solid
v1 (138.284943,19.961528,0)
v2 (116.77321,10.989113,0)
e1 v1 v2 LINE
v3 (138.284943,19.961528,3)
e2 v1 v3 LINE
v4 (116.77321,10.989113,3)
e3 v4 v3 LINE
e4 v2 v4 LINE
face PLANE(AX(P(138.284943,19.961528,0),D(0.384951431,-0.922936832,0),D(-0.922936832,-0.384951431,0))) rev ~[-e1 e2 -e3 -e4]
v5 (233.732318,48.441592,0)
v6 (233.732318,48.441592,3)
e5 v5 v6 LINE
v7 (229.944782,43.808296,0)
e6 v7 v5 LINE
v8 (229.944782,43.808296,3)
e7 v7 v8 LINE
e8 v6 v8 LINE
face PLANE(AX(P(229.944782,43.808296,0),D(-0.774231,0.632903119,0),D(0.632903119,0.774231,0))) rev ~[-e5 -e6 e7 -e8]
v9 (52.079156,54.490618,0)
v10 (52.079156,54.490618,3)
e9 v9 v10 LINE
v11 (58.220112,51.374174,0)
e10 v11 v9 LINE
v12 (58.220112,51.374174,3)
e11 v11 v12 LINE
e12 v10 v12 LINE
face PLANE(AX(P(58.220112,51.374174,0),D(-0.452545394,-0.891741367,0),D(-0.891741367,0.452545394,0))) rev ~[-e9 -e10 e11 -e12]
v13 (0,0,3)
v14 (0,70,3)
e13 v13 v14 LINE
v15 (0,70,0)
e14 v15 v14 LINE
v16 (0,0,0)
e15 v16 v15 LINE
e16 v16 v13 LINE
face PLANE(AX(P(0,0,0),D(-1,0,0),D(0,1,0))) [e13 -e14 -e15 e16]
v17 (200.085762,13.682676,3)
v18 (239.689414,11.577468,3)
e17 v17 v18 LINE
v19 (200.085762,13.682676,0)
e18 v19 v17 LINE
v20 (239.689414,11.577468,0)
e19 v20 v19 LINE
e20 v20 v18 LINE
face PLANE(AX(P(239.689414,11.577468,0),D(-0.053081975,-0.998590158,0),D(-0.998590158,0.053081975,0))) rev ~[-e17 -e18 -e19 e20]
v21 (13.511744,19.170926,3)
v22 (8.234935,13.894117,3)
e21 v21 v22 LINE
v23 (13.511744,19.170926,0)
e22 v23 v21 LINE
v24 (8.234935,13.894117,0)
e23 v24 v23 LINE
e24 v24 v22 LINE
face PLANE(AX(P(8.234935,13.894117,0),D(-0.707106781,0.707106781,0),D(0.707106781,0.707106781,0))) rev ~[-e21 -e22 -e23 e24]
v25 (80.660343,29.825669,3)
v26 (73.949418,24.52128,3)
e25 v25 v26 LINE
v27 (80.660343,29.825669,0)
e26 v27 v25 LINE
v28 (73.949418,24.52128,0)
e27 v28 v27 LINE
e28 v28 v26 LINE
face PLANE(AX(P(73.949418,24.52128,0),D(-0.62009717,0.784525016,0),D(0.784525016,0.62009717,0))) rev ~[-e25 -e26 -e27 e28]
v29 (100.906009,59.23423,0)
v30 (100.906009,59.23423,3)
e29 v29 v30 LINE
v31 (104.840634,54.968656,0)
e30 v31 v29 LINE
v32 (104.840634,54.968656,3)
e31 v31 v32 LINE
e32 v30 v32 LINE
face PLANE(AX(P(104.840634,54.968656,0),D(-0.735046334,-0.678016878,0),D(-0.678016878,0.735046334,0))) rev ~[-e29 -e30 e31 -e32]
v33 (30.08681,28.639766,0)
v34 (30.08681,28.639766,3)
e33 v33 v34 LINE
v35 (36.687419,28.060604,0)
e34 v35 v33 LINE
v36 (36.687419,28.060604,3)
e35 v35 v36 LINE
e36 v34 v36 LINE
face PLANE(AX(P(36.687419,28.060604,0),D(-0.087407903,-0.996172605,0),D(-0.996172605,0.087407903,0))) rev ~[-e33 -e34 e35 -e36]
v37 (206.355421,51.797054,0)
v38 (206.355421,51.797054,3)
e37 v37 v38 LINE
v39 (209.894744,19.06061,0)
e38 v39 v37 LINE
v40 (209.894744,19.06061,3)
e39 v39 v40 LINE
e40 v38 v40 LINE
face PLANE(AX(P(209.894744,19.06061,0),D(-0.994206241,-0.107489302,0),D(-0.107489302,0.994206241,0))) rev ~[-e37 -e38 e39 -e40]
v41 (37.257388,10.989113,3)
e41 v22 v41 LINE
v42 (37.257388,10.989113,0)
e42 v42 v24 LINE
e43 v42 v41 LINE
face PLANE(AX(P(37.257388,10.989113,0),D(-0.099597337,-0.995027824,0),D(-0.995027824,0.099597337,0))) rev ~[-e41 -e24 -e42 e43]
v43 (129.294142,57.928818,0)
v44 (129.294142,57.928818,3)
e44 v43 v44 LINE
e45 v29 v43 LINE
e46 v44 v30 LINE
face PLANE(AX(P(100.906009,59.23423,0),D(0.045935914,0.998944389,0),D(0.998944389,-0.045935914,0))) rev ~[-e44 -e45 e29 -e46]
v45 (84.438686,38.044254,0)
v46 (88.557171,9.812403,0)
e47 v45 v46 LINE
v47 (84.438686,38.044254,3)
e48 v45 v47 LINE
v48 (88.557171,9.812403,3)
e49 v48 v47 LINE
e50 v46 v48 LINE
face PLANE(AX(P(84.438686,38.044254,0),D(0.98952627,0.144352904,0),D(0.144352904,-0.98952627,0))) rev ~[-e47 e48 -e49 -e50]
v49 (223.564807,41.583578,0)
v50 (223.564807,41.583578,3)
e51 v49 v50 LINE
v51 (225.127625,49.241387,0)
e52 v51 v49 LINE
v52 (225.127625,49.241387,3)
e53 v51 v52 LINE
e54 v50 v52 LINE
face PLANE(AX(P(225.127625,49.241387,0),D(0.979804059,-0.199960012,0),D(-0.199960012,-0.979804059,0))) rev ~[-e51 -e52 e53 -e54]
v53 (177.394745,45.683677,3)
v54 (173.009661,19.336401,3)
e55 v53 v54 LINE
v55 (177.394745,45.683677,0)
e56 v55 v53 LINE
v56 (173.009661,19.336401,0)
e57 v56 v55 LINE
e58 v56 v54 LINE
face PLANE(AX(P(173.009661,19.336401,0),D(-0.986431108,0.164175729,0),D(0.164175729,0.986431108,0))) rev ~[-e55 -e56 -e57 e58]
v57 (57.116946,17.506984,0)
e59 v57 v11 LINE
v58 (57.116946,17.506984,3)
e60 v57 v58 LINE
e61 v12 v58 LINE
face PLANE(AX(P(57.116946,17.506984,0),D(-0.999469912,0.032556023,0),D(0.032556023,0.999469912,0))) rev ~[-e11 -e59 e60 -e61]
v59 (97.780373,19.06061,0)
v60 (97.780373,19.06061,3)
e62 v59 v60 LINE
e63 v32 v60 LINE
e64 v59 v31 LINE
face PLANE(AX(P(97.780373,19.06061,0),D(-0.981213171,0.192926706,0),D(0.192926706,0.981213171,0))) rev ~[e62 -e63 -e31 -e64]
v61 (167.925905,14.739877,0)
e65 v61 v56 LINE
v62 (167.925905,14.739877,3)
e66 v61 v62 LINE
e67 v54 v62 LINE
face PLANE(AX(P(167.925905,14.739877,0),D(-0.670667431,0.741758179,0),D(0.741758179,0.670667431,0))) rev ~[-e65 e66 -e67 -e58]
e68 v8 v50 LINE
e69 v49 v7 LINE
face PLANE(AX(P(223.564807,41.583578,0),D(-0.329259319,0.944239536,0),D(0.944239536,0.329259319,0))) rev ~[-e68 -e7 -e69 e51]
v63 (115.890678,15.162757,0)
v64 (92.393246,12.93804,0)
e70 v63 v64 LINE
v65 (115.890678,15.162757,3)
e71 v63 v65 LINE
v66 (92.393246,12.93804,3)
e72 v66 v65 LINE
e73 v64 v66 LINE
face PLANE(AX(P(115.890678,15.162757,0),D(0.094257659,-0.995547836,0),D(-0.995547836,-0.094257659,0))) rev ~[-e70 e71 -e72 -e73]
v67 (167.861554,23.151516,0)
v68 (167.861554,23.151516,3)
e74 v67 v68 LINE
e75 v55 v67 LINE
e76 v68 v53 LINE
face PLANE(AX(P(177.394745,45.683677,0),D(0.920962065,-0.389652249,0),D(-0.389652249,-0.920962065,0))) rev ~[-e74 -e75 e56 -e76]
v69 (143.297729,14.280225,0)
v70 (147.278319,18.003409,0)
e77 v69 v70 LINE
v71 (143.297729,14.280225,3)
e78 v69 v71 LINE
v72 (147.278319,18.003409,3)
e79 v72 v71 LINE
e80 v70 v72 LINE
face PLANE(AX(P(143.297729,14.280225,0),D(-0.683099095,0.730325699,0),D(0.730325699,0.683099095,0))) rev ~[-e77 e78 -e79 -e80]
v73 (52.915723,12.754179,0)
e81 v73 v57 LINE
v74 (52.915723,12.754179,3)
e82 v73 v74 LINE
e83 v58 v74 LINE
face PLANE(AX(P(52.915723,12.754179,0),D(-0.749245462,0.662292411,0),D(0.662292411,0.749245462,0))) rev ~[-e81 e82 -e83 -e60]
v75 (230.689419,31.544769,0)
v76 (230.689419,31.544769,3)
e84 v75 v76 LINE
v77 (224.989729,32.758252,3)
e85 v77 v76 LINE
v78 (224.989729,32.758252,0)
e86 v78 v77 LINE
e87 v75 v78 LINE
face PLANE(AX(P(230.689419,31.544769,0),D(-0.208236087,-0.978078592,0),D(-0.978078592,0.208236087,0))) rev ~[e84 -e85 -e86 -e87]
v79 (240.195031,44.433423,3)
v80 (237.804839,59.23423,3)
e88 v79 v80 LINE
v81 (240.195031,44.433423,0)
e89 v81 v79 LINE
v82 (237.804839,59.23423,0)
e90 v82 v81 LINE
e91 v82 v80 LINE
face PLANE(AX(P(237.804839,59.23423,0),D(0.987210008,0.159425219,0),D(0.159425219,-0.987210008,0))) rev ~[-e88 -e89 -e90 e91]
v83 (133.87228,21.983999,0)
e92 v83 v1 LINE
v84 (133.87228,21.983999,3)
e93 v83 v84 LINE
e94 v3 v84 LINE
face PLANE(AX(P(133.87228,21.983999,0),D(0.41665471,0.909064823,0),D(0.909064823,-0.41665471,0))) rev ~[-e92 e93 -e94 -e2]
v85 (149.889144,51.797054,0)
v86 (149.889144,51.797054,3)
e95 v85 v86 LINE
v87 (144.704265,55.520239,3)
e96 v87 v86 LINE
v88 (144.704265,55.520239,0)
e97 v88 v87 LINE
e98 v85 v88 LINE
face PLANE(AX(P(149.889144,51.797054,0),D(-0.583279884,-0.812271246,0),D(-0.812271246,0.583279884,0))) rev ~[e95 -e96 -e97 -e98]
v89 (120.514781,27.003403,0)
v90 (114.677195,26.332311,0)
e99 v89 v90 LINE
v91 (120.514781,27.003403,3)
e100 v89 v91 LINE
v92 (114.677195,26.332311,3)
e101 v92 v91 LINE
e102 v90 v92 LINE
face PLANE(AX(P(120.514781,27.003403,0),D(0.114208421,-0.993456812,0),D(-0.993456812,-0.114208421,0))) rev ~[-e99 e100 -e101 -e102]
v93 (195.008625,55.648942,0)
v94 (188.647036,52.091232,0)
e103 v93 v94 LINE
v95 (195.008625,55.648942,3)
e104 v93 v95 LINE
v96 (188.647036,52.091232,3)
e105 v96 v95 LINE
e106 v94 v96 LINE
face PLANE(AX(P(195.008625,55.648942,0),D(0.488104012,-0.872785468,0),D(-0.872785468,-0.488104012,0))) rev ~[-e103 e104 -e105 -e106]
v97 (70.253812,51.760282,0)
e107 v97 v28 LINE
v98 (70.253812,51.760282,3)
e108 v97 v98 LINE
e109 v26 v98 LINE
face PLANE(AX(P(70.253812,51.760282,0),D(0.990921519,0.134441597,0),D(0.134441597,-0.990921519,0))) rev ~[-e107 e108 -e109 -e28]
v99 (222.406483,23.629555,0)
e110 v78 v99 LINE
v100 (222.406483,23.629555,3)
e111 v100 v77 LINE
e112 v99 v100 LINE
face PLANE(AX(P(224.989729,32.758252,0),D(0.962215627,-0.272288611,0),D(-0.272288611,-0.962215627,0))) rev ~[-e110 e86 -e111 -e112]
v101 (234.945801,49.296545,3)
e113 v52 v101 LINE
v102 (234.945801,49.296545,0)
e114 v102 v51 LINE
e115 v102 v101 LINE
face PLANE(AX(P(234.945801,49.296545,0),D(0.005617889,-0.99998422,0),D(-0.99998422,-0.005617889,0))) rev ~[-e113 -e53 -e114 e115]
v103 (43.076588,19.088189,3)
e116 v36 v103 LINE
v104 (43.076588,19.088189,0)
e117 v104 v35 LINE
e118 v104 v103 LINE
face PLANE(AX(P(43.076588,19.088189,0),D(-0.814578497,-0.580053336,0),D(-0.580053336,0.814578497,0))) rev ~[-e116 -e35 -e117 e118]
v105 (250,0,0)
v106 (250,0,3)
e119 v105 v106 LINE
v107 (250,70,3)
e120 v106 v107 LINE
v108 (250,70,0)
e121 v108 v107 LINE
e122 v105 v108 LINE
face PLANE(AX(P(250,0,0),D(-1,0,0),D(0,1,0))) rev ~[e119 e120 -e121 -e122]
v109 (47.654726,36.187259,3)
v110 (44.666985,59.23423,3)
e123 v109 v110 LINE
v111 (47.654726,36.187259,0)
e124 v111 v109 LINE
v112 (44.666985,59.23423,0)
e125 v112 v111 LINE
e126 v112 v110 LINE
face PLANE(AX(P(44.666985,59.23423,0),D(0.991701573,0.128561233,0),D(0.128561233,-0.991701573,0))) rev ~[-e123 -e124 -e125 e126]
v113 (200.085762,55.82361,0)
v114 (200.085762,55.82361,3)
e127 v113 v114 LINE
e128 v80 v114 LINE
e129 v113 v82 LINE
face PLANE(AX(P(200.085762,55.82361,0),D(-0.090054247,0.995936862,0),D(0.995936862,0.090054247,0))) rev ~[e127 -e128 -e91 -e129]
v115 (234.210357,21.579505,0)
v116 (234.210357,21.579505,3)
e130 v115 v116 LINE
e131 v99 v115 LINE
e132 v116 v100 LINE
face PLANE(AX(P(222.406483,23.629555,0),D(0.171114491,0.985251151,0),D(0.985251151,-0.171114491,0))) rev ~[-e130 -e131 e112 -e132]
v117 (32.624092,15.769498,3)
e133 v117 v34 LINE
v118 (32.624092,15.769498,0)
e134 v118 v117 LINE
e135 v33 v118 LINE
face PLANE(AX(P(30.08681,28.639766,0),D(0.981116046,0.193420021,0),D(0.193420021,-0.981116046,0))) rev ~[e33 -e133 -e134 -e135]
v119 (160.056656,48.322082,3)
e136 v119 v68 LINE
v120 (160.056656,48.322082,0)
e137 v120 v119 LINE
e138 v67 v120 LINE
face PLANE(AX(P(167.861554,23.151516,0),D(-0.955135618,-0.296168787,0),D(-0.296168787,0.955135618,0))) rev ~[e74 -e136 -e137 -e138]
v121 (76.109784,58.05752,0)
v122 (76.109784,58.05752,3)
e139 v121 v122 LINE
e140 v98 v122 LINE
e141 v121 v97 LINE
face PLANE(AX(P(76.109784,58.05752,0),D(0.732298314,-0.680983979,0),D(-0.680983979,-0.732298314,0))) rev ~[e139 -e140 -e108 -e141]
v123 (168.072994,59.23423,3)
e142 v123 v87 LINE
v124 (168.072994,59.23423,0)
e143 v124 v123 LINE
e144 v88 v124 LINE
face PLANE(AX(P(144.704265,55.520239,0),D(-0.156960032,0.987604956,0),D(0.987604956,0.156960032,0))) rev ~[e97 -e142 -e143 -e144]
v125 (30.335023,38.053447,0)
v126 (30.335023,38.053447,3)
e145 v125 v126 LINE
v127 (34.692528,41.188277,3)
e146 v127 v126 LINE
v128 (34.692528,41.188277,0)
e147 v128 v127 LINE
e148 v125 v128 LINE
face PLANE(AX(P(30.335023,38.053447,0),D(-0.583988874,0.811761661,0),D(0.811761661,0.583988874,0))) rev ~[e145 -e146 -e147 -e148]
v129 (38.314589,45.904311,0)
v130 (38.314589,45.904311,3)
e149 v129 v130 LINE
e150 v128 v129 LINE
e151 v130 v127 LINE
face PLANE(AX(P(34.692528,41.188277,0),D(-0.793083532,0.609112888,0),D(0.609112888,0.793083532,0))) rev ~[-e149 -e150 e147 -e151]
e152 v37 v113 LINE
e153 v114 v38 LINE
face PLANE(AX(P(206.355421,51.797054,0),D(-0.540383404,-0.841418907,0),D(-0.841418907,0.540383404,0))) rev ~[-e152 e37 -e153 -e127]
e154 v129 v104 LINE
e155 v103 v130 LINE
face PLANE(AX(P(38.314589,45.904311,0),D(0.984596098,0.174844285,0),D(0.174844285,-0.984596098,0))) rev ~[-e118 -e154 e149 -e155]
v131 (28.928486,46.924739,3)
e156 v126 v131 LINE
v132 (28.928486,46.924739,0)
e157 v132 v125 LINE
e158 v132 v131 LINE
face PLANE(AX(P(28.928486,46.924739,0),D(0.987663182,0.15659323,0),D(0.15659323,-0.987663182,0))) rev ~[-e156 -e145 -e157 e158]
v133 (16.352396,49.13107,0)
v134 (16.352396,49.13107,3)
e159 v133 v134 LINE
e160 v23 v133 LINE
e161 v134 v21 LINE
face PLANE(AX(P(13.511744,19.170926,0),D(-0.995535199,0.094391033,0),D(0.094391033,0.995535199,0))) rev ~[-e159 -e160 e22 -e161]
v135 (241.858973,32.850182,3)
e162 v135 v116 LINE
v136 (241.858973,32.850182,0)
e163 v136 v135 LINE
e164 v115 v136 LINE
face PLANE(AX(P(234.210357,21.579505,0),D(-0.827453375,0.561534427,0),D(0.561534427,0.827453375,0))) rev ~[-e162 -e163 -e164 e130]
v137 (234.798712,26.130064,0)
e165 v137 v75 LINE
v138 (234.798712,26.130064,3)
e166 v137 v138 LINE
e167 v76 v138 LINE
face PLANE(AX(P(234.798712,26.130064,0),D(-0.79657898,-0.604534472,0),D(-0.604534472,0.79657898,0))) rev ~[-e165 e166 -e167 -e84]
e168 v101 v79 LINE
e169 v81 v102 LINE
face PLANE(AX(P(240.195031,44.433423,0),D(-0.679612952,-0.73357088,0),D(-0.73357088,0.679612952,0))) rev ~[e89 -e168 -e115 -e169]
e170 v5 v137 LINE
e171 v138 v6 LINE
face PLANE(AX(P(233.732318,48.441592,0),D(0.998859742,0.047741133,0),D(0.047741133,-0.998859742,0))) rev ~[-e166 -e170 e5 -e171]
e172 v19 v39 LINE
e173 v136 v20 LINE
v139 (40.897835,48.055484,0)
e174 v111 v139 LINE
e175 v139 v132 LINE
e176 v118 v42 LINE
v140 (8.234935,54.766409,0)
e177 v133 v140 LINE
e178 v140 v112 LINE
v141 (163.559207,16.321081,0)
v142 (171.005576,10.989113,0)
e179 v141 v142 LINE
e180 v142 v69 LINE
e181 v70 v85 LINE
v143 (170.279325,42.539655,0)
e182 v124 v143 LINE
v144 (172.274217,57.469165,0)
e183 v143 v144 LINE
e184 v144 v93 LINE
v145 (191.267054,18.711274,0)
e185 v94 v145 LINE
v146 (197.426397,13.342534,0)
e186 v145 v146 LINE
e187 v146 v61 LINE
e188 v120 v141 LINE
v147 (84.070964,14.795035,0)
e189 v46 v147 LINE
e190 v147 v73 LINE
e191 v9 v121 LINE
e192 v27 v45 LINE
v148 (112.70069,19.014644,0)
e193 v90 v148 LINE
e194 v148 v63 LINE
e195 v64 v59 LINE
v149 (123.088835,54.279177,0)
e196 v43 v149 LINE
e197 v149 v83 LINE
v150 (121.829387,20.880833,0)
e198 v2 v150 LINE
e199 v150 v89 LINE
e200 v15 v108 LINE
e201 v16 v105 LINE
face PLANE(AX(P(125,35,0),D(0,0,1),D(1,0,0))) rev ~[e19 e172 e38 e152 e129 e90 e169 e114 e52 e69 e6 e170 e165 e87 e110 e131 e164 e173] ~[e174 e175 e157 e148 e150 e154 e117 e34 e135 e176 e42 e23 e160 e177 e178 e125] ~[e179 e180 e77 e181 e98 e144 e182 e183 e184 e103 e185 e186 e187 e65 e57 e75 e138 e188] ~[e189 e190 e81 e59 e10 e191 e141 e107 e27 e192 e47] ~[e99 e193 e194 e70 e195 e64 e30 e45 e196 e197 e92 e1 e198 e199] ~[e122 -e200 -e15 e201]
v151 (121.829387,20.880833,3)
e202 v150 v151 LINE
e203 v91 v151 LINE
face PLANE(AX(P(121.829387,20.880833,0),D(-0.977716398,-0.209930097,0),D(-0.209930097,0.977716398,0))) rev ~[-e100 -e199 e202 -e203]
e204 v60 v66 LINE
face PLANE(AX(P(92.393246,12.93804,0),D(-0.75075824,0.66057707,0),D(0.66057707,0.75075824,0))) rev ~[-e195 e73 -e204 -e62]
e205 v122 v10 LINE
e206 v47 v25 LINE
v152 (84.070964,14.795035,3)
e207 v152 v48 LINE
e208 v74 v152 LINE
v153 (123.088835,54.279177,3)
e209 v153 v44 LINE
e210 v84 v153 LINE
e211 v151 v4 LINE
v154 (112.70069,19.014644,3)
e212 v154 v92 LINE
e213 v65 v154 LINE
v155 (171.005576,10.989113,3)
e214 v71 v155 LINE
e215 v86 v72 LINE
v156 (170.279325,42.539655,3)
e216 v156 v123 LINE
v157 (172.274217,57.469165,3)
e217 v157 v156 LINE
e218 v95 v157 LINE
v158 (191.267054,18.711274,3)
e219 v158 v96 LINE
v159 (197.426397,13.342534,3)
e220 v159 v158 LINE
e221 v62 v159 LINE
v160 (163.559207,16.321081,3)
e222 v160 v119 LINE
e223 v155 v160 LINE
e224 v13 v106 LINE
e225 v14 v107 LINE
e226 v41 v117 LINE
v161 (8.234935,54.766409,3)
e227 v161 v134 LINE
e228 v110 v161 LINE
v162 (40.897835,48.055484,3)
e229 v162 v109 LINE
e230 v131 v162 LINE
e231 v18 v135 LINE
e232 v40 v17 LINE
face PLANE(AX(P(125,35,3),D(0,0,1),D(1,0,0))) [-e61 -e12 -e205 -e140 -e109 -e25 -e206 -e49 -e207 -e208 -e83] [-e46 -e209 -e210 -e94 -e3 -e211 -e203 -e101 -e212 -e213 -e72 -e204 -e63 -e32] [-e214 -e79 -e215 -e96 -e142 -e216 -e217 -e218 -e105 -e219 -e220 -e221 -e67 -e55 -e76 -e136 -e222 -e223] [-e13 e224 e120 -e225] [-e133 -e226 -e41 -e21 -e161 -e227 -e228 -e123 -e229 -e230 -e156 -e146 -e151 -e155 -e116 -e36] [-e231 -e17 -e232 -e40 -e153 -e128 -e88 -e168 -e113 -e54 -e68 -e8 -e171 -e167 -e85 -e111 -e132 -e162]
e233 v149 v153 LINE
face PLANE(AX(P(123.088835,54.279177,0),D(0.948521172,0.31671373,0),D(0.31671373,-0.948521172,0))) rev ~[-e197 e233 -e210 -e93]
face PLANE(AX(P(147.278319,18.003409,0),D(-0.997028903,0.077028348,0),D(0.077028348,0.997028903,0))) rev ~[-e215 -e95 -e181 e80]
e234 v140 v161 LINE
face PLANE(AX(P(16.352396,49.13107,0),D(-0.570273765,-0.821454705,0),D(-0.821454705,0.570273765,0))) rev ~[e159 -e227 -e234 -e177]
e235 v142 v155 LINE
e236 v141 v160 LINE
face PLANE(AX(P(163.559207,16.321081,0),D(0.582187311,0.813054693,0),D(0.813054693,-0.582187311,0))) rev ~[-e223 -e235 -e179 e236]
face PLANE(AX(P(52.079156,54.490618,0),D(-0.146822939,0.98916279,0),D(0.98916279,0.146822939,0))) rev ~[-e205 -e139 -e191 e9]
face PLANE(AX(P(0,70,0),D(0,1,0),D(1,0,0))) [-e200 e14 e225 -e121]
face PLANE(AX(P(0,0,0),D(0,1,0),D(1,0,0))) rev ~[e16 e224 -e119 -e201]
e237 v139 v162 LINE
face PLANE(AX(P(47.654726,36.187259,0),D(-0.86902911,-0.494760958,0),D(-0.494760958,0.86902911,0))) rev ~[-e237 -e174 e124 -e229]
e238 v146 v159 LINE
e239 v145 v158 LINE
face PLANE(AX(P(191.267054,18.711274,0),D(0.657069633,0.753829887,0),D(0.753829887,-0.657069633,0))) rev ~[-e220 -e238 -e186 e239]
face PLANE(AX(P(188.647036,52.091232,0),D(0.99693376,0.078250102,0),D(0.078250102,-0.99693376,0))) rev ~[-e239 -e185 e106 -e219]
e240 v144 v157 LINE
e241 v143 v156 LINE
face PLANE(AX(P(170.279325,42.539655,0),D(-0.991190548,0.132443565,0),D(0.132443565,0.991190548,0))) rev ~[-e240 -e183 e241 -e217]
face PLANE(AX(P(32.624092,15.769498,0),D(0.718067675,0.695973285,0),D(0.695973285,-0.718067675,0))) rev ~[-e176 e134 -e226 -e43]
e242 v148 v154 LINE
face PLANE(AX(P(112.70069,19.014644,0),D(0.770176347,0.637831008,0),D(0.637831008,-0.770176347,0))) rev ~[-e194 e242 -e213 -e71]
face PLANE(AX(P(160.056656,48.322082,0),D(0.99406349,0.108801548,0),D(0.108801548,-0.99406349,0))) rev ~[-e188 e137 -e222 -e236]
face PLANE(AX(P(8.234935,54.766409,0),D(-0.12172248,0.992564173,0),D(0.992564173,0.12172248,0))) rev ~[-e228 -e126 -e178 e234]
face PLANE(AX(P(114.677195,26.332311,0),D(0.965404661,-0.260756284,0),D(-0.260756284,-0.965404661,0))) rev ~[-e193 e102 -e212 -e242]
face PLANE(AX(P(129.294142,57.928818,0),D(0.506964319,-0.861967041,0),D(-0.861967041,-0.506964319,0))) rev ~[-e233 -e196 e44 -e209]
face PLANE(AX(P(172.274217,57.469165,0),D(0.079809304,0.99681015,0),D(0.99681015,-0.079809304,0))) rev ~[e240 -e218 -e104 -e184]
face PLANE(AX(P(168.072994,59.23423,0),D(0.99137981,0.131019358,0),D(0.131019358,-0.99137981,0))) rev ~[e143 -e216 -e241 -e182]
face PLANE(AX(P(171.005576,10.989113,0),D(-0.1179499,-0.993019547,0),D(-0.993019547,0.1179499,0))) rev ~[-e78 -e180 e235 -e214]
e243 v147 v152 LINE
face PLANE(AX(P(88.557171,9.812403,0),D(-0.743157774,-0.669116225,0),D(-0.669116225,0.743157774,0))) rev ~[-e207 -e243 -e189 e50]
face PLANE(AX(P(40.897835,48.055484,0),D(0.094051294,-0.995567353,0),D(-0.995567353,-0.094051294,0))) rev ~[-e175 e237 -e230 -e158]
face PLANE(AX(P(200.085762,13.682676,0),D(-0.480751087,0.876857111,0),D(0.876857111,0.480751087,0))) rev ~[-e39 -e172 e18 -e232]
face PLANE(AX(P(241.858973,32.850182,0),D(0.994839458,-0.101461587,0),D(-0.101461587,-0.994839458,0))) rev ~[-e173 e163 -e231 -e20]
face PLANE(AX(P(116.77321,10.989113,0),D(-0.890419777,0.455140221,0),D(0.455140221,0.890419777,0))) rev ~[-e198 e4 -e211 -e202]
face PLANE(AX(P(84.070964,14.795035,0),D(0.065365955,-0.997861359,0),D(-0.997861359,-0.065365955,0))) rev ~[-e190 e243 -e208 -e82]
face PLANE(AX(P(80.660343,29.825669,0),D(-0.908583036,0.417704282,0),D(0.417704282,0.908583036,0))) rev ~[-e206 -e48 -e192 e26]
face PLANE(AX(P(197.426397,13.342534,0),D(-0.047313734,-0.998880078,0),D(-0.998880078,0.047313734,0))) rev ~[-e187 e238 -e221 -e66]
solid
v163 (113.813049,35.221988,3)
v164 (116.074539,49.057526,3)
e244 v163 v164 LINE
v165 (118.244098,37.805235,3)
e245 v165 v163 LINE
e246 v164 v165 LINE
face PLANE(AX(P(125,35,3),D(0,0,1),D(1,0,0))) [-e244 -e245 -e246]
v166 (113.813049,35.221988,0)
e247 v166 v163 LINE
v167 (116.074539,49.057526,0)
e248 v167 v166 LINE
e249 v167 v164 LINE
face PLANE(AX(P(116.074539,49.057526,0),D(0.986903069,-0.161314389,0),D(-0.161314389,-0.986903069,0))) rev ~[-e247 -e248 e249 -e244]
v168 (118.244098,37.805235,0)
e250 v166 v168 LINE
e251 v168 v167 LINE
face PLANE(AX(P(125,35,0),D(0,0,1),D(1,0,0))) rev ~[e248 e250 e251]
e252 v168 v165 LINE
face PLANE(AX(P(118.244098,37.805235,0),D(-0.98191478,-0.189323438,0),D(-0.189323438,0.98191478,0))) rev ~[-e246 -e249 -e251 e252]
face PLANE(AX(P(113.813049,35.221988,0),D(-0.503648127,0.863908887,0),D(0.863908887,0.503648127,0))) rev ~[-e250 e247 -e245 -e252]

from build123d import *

# Parameters (mm, degrees)
SKETCH2_W           = 250
SKETCH2_H           = 70
BOSS_EXTRUDE2_DEPTH = 3
CUT_EXTRUDE1_DEPTH  = 25


with BuildPart() as part:
    # Sketch2 → Boss-Extrude2 (new body)
    with BuildSketch(Plane.XY):
        with Locations((125, 35)):
            Rectangle(SKETCH2_W, SKETCH2_H)
    extrude(amount=BOSS_EXTRUDE2_DEPTH)

    # Sketch1 → Cut-Extrude1 (cut)
    # profile 1 of 5: a face of its own
    with BuildSketch(Plane.XY):
        Polygon((47.65472561, 36.187258524), (40.89783515, 48.055483808), (28.928486336, 46.924738874), (30.335022717, 38.053447318), (34.692527585, 41.188276769), (38.314588593, 45.904310519), (43.076587584, 19.088188789), (36.687419054, 28.060603876), (30.086810414, 28.639765915), (32.62409173, 15.769498373), (37.257388045, 10.989113286), (8.234934737, 13.894116531), (13.511744429, 19.170926223), (16.352396337, 49.131070452), (8.234934737, 54.766409026), (44.66698493, 59.234230473), align=None)
    # profile 2 of 5: a face of its own
    with BuildSketch(Plane.XY):
        Polygon((88.557171303, 9.81240311), (84.07096376, 14.795035259), (52.915723259, 12.754178549), (57.116946307, 17.506984491), (58.220112096, 51.374174224), (52.079155869, 54.490617579), (76.10978398, 58.057520298), (70.253812248, 51.76028225), (73.949417643, 24.521280302), (80.660342861, 29.825669139), (84.43868569, 38.04425427), align=None)
    # profile 3 of 5: a face of its own
    with BuildSketch(Plane.XY):
        Polygon((138.284943312, 19.961528372), (116.773210419, 10.989113286), (121.829386954, 20.880833197), (120.514781055, 27.003403328), (114.67719542, 26.332310806), (112.700690047, 19.014644403), (115.890677788, 15.162757189), (92.393246475, 12.938039514), (97.780372746, 19.060609645), (104.840633798, 54.968656088), (100.906009149, 59.234230473), (129.294142129, 57.928817623), (123.088834563, 54.279177469), (133.872280154, 21.983998986), align=None)
        Polygon((118.244098139, 37.805235015), (116.074538753, 49.057526067), (113.813048885, 35.221988458), align=None, mode=Mode.SUBTRACT)
    # profile 4 of 5: a face of its own
    with BuildSketch(Plane.XY):
        Polygon((197.426396723, 13.342533636), (167.925904906, 14.73987697), (173.009660585, 19.336401092), (177.394744598, 45.683677361), (167.861553568, 23.151516113), (160.056655608, 48.322082207), (163.55920699, 16.321081268), (171.005576068, 10.989113286), (143.297728659, 14.280224557), (147.278318548, 18.003409096), (149.88914425, 51.797054443), (144.70426504, 55.520238982), (168.072993678, 59.234230473), (170.279325256, 42.539654861), (172.274216725, 57.46916521), (195.008625034, 55.648941658), (188.647035649, 52.091231987), (191.267054399, 18.711273811), align=None)
    # profile 5 of 5: a face of its own
    with BuildSketch(Plane.XY):
        Polygon((241.858972942, 32.850182011), (239.689413556, 11.577468373), (200.085761719, 13.682676421), (209.894744196, 19.060609645), (206.355420622, 51.797054443), (200.085761719, 55.823609575), (237.804838666, 59.234230473), (240.19503121, 44.4334228), (234.945800662, 49.296545321), (225.127625137, 49.241387031), (223.564806935, 41.583577844), (229.944782417, 43.808295519), (233.732318294, 48.441591834), (234.79871189, 26.130063745), (230.689419325, 31.544769161), (224.989729413, 32.758251529), (222.406482857, 23.629554622), (234.210356803, 21.579504864), align=None)
    extrude(amount=CUT_EXTRUDE1_DEPTH, mode=Mode.SUBTRACT)


with BuildPart() as cut_extrude1_piece_1:
    # of the separate pieces the step leaves, piece 1, a body of its own (cut_extrude1_pieces)
    add(part.part.solids().sort_by_distance((0, 0, 0))[0])


with BuildPart() as cut_extrude1_piece_2:
    # of the separate pieces the step leaves, piece 2, a body of its own (cut_extrude1_pieces)
    add(part.part.solids().sort_by_distance((113.813048885, 35.221988458, 0))[0])


solid = Compound([cut_extrude1_piece_1.part, cut_extrude1_piece_2.part])
